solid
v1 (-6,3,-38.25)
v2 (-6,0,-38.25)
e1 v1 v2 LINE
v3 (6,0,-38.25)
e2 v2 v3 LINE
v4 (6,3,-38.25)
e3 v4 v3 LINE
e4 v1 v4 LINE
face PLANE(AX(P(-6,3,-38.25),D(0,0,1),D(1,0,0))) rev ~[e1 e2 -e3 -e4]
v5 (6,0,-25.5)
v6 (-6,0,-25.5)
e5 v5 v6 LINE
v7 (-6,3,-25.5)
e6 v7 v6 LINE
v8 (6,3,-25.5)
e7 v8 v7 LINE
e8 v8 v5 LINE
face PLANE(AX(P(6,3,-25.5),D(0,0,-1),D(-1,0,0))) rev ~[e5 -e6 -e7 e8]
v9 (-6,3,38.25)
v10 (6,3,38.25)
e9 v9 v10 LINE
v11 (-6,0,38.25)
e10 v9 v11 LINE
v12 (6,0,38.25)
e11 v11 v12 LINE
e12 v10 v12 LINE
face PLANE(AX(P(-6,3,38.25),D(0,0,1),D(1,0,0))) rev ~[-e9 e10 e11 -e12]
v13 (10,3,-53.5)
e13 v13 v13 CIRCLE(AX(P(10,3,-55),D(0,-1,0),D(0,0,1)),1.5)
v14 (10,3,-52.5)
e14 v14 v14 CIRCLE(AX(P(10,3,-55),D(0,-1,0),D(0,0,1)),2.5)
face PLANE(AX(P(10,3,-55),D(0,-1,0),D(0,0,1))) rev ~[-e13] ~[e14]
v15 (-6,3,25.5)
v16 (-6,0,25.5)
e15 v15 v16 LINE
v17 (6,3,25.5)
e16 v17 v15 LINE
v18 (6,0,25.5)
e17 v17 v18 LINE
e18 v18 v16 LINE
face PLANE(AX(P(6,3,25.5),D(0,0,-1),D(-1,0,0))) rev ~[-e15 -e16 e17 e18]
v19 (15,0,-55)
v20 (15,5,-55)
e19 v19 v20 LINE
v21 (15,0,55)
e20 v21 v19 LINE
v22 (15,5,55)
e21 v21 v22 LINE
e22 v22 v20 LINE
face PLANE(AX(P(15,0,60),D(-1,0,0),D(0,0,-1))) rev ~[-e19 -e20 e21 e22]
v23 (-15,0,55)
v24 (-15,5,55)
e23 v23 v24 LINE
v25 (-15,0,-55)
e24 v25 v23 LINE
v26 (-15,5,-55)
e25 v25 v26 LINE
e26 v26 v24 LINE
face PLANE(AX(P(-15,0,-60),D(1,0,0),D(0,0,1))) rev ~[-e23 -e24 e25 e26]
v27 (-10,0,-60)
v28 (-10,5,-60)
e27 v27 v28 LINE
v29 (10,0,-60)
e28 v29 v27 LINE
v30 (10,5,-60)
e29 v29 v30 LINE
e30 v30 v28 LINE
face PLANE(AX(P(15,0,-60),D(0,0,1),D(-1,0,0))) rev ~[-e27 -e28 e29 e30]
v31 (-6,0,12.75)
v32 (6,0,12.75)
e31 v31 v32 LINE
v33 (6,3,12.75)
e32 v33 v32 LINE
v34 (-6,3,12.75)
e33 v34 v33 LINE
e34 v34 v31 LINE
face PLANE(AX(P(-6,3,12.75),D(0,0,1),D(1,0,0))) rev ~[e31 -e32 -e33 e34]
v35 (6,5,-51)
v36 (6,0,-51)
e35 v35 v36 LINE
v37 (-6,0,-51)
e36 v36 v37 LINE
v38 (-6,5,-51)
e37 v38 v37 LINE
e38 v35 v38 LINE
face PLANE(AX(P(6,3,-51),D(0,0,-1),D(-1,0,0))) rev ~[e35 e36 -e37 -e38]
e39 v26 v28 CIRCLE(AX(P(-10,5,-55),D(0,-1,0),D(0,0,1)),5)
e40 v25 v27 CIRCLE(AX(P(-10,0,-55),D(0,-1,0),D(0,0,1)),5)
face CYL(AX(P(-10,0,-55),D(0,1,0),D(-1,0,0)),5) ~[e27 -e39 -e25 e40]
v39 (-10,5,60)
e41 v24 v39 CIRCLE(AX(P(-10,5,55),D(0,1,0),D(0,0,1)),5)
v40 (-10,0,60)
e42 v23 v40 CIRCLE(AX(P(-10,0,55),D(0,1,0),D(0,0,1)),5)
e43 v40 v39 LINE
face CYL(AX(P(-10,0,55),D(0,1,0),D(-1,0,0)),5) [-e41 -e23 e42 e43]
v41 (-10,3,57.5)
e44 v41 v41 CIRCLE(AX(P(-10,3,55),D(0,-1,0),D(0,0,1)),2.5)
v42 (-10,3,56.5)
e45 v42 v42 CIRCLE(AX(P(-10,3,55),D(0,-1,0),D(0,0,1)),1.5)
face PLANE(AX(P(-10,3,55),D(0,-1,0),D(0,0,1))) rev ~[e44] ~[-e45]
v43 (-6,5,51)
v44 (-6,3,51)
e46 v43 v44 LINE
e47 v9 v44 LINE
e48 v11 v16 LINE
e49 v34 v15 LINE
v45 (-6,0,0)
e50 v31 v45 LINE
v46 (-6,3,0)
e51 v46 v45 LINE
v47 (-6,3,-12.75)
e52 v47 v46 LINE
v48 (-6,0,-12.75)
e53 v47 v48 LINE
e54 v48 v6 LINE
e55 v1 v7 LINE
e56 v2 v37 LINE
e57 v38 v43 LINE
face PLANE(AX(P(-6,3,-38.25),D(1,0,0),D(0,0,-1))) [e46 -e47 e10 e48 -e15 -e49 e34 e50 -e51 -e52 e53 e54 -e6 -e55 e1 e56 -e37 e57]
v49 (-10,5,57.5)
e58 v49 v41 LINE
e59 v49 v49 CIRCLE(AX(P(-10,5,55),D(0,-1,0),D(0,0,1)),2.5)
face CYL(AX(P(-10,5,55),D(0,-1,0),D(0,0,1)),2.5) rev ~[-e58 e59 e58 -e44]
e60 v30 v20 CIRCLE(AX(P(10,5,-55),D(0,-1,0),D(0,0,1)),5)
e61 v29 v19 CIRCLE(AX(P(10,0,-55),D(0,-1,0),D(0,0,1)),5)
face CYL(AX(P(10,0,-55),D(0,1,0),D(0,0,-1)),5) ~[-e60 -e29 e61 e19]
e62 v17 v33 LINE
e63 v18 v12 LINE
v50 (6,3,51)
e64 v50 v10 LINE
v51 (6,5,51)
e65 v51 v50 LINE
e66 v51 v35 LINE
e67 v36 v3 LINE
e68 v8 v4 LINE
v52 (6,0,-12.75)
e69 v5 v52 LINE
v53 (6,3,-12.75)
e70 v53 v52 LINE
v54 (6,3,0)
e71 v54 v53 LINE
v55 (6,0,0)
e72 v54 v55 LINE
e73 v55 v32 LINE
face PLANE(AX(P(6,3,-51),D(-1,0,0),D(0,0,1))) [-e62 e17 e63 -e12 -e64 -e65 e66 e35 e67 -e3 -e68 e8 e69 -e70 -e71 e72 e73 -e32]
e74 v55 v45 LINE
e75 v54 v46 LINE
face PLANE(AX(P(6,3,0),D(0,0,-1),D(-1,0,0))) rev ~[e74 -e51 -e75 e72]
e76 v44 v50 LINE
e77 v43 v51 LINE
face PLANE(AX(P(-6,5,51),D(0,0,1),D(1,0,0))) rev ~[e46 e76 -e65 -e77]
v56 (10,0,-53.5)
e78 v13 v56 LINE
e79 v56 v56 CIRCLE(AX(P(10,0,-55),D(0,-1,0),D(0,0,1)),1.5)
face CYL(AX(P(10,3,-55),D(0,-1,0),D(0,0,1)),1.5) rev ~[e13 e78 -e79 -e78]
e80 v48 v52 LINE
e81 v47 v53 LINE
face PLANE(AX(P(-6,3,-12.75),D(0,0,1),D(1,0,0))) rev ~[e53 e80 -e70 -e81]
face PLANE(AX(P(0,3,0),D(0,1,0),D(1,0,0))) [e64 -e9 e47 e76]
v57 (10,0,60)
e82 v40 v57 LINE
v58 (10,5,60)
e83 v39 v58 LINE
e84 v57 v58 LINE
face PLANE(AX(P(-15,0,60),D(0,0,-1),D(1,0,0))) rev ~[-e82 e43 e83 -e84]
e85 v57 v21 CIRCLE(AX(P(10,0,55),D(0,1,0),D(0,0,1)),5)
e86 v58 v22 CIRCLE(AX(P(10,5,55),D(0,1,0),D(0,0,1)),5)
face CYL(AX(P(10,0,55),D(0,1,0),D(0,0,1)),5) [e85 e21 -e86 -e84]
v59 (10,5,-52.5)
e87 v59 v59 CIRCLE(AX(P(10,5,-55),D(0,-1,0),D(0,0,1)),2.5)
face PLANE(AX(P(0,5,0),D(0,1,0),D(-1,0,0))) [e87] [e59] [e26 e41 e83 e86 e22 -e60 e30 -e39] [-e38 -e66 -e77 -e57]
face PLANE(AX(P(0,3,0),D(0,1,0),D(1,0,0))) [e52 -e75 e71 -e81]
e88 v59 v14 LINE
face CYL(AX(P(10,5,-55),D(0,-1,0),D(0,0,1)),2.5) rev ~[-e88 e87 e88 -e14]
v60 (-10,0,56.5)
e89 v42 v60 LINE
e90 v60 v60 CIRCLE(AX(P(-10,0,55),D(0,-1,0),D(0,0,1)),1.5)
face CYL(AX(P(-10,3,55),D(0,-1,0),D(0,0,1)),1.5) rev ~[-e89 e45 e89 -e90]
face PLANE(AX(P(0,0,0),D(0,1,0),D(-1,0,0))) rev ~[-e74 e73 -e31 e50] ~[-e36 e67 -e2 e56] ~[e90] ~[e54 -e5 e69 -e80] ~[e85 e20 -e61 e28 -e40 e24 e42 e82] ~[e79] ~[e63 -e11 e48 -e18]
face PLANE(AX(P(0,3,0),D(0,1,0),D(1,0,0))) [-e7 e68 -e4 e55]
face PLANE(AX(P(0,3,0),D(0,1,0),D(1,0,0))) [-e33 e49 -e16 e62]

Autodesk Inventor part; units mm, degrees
ref_plane "YZ Plane" through (0, 0, 0) normal (1, 0, 0) x (0, 1, 0)
ref_plane "XZ Plane" through (0, 0, 0) normal (0, 1, 0) x (-1, 0, 0)
ref_plane "XY Plane" through (0, 0, 0) normal (0, 0, 1) x (1, 0, 0)
sketch "Sketch1" plane through (0, 0, 0) normal (0, 1, 0) x (-1, 0, 0)
  line L0 (15, 60) -> (-15, 60)
  line L1 (-15, 60) -> (-15, -60)
  line L2 (-15, -60) -> (15, -60)
  line L3 (15, -60) -> (15, 60)
  line L4 (15, 60) -> (-15, -60) construction
  line L5 (-15, 60) -> (15, -60) construction
  point P0 (0, 0)
  dimension "d0" = 30
  dimension "d1" = 120
extrude "Extrusion1" add sketch "Sketch1" along normal blind 5
sketch "Sketch2" plane through (0, 5, 0) normal (0, 1, 0) x (1, 0, 0)
  line L0 (-6, -51) -> (6, -51)
  line L1 (6, -51) -> (6, 51)
  line L2 (6, 51) -> (-6, 51)
  line L3 (-6, 51) -> (-6, -51)
  line L4 (-6, -51) -> (6, 51) construction
  line L5 (6, -51) -> (-6, 51) construction
  line L6 (-15, 60) -> (-15, -60) projected
  point P0 (0, 0)
  point P1 (0, 0)
  point P2 (0, 0)
  dimension "d4" = 12
  dimension "d5" = 102
extrude "Extrusion2" cut sketch "Sketch2" against normal blind 2
sketch "Sketch3" plane through (0, 3, 0) normal (0, 1, 0) x (1, 0, 0)
  line L0 (-6, -51) -> (-6, 51) projected
  line L1 (6, 51) -> (6, -51) projected
  line L2 (-6, -38.25) -> (6, -38.25)
  line L3 (6, -38.25) -> (6, -25.5)
  line L4 (6, -25.5) -> (-6, -25.5)
  line L5 (-6, -25.5) -> (-6, -38.25)
  line L6 (6, -51) -> (-6, -51) projected
  line L7 (-6, -12.75) -> (6, -12.75)
  line L8 (6, -12.75) -> (6, 0)
  line L9 (6, 0) -> (-6, 0)
  line L10 (-6, 0) -> (-6, -12.75)
  line L11 (-6, 12.75) -> (6, 12.75)
  line L12 (6, 12.75) -> (6, 25.5)
  line L13 (6, 25.5) -> (-6, 25.5)
  line L14 (-6, 25.5) -> (-6, 12.75)
  line L15 (-6, 38.25) -> (6, 38.25)
  line L16 (6, 38.25) -> (6, 51)
  line L17 (6, 51) -> (-6, 51)
  line L18 (-6, 51) -> (-6, 38.25)
  point P0 (0, 0)
  point P1 (-6, 51)
  point P2 (-6, 38.25)
  point P3 (6, 38.25)
  point P4 (6, 25.5)
  point P5 (-6, 25.5)
  point P6 (-6, 12.75)
  point P7 (6, 12.75)
  point P8 (6, 0)
  point P9 (-6, 0)
  point P10 (-6, -12.75)
  point P11 (6, -12.75)
  point P12 (-6, -25.5)
  point P13 (6, -38.25)
  dimension "d9" = 12.75
  dimension "d10" = 12.75
  dimension "d13" = 25.5
extrude "Extrusion3" cut sketch "Sketch3" against normal through all contours L0 L4 L1 L2 | L0 L9 L1 L7 | L0 L13 L1 L11 | L0 L17 L1 L15
fillet "Fillet1" radius 5 4 edges at (15, 2.5, 60) (15, 2.5, -60) (-15, 2.5, -60) (-15, 2.5, 60)
sketch "Sketch4" plane through (0, 5, 0) normal (0, 1, 0) x (1, 0, 0)
  arc A0 (-15, -55) -> (-10, -60) centre (-10, -55) ccw projected
  arc A1 (15, 55) -> (10, 60) centre (10, 55) ccw projected
  point P0 (0, 0)
hole "Hole1" at (-10, 5, 55) at (10, 5, -55) direction (0, -1, 0) diameter 3 end through all counterbore diameter 5 counterbore depth 2
equation "\"d9\" = d10"
equation "\"d10\" = 0.125 * d5"
equation "\"d13\" = 2 * d10"
properties part number "open_side"
